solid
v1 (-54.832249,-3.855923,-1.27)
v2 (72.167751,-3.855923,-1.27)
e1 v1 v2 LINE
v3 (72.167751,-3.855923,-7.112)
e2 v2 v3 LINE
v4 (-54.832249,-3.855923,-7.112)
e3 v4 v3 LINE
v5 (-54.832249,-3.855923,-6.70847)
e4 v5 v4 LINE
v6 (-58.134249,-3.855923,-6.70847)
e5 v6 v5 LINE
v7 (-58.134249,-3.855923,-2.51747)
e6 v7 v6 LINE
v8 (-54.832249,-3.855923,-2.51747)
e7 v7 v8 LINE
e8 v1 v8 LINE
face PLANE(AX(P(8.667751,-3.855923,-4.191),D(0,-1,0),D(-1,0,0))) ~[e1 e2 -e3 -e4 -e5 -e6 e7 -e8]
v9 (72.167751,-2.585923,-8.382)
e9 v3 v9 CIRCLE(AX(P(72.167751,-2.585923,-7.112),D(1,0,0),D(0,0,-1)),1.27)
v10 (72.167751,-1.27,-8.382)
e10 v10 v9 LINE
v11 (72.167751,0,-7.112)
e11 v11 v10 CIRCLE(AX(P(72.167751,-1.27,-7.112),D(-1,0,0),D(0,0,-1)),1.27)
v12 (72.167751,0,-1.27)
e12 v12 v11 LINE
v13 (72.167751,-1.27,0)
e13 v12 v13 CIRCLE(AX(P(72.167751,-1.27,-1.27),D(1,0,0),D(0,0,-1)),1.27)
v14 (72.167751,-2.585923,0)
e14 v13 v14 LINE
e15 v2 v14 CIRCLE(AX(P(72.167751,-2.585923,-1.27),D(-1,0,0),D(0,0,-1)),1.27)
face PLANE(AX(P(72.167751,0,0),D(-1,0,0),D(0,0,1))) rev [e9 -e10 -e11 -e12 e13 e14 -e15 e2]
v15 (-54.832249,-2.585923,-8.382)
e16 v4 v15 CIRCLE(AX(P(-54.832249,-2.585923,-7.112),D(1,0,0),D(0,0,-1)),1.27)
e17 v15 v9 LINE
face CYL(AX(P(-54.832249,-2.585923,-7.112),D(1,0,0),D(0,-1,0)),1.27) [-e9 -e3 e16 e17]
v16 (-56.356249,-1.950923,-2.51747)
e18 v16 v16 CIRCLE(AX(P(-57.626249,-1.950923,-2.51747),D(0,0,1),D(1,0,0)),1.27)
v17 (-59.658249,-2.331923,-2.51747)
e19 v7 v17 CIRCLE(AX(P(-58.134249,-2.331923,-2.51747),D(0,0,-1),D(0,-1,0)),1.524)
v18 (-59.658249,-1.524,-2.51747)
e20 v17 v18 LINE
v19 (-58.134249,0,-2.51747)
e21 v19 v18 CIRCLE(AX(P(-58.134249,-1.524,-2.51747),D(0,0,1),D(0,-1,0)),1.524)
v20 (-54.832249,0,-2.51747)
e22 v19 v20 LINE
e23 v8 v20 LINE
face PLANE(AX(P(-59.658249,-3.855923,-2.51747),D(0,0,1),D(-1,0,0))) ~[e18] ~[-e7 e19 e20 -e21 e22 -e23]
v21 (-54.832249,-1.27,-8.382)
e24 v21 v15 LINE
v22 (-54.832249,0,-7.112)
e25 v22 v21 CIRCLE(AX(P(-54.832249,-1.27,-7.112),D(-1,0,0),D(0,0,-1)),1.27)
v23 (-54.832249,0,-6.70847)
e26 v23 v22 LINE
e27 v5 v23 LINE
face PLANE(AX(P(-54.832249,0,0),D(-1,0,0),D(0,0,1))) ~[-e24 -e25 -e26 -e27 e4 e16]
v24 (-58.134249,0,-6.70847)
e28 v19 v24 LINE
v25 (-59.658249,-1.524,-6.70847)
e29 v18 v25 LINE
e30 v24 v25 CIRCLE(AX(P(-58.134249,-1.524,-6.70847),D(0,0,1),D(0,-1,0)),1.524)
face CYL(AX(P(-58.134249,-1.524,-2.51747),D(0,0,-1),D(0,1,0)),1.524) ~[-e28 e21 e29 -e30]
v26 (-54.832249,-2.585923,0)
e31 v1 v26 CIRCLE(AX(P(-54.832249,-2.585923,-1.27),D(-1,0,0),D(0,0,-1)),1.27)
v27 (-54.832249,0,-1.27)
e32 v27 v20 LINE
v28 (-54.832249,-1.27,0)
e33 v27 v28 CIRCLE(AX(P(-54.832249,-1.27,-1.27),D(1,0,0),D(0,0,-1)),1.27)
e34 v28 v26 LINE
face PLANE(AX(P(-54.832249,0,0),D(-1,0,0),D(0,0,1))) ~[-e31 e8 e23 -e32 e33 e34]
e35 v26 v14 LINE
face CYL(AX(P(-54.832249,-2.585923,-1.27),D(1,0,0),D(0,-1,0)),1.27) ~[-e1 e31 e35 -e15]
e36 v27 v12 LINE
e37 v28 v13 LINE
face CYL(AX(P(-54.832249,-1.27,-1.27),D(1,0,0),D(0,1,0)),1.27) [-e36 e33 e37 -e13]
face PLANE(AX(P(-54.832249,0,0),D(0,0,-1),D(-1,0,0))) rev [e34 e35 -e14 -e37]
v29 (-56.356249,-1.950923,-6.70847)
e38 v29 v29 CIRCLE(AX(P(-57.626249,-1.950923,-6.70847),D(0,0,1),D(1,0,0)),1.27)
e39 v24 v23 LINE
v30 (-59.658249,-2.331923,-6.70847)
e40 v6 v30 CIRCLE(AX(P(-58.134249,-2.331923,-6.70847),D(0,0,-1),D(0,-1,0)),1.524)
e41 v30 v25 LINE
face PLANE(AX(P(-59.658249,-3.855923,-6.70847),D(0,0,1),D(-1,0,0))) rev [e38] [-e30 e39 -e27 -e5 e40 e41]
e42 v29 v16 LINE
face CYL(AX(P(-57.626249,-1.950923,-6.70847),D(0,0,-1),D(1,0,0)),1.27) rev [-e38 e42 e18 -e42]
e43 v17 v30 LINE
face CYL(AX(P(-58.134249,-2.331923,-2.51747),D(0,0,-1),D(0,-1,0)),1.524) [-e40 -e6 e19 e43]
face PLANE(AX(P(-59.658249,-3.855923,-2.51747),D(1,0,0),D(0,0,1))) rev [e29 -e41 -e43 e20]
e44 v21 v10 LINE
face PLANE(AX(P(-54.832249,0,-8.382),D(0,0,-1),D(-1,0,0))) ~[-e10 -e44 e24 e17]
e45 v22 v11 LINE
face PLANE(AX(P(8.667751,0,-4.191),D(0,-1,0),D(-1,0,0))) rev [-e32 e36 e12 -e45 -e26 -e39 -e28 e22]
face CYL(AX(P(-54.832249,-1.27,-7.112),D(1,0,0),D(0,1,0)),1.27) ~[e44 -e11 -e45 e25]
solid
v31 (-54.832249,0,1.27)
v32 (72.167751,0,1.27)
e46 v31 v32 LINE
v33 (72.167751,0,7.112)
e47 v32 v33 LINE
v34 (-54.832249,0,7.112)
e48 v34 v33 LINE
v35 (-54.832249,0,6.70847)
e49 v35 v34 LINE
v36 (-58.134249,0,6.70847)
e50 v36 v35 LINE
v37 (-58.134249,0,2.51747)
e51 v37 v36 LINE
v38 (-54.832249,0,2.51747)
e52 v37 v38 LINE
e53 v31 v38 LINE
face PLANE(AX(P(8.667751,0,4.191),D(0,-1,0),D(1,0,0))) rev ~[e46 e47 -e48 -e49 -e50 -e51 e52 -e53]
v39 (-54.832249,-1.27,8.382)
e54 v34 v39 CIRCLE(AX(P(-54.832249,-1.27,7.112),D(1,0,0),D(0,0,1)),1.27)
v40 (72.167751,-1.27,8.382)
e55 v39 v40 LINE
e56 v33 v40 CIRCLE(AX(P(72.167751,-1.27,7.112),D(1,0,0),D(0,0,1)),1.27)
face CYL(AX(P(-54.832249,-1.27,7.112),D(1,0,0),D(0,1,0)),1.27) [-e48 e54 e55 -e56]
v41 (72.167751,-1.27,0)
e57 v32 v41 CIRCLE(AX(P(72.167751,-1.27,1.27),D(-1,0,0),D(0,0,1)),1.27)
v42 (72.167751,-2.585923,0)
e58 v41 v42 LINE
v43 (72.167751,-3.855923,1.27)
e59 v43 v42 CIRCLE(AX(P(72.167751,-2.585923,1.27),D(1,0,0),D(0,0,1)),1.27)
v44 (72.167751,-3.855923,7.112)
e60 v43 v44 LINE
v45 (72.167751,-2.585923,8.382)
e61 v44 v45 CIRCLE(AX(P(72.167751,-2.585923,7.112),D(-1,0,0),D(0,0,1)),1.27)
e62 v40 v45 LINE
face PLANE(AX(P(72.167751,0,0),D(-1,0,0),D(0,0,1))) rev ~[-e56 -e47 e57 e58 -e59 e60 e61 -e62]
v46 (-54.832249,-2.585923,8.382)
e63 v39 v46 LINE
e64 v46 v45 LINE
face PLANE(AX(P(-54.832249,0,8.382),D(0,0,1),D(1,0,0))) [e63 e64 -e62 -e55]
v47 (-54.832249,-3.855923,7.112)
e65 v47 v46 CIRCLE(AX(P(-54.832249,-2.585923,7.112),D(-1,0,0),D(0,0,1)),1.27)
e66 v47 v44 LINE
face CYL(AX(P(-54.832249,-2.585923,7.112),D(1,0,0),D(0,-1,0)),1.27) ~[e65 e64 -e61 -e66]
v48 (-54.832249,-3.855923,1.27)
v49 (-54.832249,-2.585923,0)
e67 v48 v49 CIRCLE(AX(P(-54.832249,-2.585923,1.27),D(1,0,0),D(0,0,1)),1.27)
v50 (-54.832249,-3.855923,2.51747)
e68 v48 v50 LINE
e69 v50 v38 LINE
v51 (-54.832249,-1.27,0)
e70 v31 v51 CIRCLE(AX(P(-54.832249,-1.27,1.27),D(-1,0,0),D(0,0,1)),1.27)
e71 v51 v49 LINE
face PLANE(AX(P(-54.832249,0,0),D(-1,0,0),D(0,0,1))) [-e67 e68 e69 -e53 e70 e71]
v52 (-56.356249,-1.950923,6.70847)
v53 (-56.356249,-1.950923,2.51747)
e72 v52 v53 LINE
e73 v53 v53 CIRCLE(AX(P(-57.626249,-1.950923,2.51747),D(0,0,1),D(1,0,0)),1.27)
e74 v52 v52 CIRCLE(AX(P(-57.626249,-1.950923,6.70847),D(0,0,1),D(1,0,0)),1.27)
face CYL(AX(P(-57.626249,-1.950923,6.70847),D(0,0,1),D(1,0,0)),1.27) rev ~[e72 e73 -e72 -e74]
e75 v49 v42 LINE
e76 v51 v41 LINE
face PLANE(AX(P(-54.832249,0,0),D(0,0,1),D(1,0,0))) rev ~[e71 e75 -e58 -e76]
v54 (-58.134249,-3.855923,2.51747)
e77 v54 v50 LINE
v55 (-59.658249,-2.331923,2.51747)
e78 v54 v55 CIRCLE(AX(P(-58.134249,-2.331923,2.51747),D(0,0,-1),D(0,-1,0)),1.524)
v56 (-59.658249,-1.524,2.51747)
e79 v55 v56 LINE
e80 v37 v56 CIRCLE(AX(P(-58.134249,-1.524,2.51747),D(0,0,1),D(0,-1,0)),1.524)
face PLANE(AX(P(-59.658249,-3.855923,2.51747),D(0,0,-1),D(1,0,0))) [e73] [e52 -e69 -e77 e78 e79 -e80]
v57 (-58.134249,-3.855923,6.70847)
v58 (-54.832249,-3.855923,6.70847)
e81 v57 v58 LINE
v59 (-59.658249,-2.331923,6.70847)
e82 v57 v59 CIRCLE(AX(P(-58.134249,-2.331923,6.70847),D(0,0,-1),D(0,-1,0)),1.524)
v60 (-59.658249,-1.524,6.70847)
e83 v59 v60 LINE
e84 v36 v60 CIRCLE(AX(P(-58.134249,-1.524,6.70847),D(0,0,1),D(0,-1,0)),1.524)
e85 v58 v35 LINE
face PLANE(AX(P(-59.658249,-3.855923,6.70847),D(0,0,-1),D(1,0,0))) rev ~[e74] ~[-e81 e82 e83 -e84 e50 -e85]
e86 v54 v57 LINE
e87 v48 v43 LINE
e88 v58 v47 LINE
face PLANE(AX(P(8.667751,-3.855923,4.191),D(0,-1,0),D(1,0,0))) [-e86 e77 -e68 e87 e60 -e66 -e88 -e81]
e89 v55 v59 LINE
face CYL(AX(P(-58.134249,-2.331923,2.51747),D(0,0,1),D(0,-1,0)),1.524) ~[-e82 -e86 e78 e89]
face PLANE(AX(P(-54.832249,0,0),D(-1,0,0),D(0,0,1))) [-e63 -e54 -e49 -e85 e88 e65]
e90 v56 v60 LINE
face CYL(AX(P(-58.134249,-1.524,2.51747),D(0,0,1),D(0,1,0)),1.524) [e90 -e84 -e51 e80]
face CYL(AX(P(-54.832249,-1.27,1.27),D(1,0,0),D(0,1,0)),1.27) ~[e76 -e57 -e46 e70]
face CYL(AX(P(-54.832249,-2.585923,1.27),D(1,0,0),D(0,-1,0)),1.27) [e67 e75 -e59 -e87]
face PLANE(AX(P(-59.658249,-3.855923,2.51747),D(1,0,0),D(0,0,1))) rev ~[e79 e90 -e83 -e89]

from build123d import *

# Parameters (mm, degrees)
F0_W     = 127
F0_H     = 8.382
F1_DEPTH = 3.855923
F2_W     = 4.826
F2_H     = 4.191
F3_DEPTH = 3.855923
F4_R     = 1.27
F5_DEPTH = 6.70947
F6_R     = 1.27
F7_R     = 1.524


with BuildPart() as f1:
    # F0 (on Front) → F1 (new body)
    with BuildSketch(Plane.XZ):
        with Locations((8.667751, 4.191)):
            Rectangle(F0_W, F0_H)
    extrude(amount=F1_DEPTH)

    # F2 (on face) → F3 (join)
    with BuildSketch(Plane.XZ.offset(3.855923)):
        with Locations((-57.245249, 4.61297)):
            Rectangle(F2_W, F2_H)
    extrude(amount=-F3_DEPTH)

    # F4 (on face) → F5 (cut, through all)
    with BuildSketch(Plane.XY.offset(6.70847)):
        with Locations((-57.626249, -1.950923)):
            Circle(F4_R)
    extrude(amount=-F5_DEPTH, mode=Mode.SUBTRACT)

    # F6
    f6_edges = [f1.edges().sort_by_distance(p)[0] for p in [
        (8.667751, -3.855923, 8.382),
        (8.667751, 0, 8.382),
        (8.667751, -3.855923, 0),
        (8.667751, 0, 0),
    ]]
    fillet(f6_edges, radius=F6_R)

    # F7
    f7_edges = [f1.edges().sort_by_distance(p)[0] for p in [
        (-59.658249, -3.855923, 4.61297),
        (-59.658249, 0, 4.61297),
    ]]
    fillet(f7_edges, radius=F7_R)


with BuildPart() as f8_1:
    # F8: instance of F1
    add(f1.part.mirror(Plane.XY))


solid = Compound([f1.part, f8_1.part])
